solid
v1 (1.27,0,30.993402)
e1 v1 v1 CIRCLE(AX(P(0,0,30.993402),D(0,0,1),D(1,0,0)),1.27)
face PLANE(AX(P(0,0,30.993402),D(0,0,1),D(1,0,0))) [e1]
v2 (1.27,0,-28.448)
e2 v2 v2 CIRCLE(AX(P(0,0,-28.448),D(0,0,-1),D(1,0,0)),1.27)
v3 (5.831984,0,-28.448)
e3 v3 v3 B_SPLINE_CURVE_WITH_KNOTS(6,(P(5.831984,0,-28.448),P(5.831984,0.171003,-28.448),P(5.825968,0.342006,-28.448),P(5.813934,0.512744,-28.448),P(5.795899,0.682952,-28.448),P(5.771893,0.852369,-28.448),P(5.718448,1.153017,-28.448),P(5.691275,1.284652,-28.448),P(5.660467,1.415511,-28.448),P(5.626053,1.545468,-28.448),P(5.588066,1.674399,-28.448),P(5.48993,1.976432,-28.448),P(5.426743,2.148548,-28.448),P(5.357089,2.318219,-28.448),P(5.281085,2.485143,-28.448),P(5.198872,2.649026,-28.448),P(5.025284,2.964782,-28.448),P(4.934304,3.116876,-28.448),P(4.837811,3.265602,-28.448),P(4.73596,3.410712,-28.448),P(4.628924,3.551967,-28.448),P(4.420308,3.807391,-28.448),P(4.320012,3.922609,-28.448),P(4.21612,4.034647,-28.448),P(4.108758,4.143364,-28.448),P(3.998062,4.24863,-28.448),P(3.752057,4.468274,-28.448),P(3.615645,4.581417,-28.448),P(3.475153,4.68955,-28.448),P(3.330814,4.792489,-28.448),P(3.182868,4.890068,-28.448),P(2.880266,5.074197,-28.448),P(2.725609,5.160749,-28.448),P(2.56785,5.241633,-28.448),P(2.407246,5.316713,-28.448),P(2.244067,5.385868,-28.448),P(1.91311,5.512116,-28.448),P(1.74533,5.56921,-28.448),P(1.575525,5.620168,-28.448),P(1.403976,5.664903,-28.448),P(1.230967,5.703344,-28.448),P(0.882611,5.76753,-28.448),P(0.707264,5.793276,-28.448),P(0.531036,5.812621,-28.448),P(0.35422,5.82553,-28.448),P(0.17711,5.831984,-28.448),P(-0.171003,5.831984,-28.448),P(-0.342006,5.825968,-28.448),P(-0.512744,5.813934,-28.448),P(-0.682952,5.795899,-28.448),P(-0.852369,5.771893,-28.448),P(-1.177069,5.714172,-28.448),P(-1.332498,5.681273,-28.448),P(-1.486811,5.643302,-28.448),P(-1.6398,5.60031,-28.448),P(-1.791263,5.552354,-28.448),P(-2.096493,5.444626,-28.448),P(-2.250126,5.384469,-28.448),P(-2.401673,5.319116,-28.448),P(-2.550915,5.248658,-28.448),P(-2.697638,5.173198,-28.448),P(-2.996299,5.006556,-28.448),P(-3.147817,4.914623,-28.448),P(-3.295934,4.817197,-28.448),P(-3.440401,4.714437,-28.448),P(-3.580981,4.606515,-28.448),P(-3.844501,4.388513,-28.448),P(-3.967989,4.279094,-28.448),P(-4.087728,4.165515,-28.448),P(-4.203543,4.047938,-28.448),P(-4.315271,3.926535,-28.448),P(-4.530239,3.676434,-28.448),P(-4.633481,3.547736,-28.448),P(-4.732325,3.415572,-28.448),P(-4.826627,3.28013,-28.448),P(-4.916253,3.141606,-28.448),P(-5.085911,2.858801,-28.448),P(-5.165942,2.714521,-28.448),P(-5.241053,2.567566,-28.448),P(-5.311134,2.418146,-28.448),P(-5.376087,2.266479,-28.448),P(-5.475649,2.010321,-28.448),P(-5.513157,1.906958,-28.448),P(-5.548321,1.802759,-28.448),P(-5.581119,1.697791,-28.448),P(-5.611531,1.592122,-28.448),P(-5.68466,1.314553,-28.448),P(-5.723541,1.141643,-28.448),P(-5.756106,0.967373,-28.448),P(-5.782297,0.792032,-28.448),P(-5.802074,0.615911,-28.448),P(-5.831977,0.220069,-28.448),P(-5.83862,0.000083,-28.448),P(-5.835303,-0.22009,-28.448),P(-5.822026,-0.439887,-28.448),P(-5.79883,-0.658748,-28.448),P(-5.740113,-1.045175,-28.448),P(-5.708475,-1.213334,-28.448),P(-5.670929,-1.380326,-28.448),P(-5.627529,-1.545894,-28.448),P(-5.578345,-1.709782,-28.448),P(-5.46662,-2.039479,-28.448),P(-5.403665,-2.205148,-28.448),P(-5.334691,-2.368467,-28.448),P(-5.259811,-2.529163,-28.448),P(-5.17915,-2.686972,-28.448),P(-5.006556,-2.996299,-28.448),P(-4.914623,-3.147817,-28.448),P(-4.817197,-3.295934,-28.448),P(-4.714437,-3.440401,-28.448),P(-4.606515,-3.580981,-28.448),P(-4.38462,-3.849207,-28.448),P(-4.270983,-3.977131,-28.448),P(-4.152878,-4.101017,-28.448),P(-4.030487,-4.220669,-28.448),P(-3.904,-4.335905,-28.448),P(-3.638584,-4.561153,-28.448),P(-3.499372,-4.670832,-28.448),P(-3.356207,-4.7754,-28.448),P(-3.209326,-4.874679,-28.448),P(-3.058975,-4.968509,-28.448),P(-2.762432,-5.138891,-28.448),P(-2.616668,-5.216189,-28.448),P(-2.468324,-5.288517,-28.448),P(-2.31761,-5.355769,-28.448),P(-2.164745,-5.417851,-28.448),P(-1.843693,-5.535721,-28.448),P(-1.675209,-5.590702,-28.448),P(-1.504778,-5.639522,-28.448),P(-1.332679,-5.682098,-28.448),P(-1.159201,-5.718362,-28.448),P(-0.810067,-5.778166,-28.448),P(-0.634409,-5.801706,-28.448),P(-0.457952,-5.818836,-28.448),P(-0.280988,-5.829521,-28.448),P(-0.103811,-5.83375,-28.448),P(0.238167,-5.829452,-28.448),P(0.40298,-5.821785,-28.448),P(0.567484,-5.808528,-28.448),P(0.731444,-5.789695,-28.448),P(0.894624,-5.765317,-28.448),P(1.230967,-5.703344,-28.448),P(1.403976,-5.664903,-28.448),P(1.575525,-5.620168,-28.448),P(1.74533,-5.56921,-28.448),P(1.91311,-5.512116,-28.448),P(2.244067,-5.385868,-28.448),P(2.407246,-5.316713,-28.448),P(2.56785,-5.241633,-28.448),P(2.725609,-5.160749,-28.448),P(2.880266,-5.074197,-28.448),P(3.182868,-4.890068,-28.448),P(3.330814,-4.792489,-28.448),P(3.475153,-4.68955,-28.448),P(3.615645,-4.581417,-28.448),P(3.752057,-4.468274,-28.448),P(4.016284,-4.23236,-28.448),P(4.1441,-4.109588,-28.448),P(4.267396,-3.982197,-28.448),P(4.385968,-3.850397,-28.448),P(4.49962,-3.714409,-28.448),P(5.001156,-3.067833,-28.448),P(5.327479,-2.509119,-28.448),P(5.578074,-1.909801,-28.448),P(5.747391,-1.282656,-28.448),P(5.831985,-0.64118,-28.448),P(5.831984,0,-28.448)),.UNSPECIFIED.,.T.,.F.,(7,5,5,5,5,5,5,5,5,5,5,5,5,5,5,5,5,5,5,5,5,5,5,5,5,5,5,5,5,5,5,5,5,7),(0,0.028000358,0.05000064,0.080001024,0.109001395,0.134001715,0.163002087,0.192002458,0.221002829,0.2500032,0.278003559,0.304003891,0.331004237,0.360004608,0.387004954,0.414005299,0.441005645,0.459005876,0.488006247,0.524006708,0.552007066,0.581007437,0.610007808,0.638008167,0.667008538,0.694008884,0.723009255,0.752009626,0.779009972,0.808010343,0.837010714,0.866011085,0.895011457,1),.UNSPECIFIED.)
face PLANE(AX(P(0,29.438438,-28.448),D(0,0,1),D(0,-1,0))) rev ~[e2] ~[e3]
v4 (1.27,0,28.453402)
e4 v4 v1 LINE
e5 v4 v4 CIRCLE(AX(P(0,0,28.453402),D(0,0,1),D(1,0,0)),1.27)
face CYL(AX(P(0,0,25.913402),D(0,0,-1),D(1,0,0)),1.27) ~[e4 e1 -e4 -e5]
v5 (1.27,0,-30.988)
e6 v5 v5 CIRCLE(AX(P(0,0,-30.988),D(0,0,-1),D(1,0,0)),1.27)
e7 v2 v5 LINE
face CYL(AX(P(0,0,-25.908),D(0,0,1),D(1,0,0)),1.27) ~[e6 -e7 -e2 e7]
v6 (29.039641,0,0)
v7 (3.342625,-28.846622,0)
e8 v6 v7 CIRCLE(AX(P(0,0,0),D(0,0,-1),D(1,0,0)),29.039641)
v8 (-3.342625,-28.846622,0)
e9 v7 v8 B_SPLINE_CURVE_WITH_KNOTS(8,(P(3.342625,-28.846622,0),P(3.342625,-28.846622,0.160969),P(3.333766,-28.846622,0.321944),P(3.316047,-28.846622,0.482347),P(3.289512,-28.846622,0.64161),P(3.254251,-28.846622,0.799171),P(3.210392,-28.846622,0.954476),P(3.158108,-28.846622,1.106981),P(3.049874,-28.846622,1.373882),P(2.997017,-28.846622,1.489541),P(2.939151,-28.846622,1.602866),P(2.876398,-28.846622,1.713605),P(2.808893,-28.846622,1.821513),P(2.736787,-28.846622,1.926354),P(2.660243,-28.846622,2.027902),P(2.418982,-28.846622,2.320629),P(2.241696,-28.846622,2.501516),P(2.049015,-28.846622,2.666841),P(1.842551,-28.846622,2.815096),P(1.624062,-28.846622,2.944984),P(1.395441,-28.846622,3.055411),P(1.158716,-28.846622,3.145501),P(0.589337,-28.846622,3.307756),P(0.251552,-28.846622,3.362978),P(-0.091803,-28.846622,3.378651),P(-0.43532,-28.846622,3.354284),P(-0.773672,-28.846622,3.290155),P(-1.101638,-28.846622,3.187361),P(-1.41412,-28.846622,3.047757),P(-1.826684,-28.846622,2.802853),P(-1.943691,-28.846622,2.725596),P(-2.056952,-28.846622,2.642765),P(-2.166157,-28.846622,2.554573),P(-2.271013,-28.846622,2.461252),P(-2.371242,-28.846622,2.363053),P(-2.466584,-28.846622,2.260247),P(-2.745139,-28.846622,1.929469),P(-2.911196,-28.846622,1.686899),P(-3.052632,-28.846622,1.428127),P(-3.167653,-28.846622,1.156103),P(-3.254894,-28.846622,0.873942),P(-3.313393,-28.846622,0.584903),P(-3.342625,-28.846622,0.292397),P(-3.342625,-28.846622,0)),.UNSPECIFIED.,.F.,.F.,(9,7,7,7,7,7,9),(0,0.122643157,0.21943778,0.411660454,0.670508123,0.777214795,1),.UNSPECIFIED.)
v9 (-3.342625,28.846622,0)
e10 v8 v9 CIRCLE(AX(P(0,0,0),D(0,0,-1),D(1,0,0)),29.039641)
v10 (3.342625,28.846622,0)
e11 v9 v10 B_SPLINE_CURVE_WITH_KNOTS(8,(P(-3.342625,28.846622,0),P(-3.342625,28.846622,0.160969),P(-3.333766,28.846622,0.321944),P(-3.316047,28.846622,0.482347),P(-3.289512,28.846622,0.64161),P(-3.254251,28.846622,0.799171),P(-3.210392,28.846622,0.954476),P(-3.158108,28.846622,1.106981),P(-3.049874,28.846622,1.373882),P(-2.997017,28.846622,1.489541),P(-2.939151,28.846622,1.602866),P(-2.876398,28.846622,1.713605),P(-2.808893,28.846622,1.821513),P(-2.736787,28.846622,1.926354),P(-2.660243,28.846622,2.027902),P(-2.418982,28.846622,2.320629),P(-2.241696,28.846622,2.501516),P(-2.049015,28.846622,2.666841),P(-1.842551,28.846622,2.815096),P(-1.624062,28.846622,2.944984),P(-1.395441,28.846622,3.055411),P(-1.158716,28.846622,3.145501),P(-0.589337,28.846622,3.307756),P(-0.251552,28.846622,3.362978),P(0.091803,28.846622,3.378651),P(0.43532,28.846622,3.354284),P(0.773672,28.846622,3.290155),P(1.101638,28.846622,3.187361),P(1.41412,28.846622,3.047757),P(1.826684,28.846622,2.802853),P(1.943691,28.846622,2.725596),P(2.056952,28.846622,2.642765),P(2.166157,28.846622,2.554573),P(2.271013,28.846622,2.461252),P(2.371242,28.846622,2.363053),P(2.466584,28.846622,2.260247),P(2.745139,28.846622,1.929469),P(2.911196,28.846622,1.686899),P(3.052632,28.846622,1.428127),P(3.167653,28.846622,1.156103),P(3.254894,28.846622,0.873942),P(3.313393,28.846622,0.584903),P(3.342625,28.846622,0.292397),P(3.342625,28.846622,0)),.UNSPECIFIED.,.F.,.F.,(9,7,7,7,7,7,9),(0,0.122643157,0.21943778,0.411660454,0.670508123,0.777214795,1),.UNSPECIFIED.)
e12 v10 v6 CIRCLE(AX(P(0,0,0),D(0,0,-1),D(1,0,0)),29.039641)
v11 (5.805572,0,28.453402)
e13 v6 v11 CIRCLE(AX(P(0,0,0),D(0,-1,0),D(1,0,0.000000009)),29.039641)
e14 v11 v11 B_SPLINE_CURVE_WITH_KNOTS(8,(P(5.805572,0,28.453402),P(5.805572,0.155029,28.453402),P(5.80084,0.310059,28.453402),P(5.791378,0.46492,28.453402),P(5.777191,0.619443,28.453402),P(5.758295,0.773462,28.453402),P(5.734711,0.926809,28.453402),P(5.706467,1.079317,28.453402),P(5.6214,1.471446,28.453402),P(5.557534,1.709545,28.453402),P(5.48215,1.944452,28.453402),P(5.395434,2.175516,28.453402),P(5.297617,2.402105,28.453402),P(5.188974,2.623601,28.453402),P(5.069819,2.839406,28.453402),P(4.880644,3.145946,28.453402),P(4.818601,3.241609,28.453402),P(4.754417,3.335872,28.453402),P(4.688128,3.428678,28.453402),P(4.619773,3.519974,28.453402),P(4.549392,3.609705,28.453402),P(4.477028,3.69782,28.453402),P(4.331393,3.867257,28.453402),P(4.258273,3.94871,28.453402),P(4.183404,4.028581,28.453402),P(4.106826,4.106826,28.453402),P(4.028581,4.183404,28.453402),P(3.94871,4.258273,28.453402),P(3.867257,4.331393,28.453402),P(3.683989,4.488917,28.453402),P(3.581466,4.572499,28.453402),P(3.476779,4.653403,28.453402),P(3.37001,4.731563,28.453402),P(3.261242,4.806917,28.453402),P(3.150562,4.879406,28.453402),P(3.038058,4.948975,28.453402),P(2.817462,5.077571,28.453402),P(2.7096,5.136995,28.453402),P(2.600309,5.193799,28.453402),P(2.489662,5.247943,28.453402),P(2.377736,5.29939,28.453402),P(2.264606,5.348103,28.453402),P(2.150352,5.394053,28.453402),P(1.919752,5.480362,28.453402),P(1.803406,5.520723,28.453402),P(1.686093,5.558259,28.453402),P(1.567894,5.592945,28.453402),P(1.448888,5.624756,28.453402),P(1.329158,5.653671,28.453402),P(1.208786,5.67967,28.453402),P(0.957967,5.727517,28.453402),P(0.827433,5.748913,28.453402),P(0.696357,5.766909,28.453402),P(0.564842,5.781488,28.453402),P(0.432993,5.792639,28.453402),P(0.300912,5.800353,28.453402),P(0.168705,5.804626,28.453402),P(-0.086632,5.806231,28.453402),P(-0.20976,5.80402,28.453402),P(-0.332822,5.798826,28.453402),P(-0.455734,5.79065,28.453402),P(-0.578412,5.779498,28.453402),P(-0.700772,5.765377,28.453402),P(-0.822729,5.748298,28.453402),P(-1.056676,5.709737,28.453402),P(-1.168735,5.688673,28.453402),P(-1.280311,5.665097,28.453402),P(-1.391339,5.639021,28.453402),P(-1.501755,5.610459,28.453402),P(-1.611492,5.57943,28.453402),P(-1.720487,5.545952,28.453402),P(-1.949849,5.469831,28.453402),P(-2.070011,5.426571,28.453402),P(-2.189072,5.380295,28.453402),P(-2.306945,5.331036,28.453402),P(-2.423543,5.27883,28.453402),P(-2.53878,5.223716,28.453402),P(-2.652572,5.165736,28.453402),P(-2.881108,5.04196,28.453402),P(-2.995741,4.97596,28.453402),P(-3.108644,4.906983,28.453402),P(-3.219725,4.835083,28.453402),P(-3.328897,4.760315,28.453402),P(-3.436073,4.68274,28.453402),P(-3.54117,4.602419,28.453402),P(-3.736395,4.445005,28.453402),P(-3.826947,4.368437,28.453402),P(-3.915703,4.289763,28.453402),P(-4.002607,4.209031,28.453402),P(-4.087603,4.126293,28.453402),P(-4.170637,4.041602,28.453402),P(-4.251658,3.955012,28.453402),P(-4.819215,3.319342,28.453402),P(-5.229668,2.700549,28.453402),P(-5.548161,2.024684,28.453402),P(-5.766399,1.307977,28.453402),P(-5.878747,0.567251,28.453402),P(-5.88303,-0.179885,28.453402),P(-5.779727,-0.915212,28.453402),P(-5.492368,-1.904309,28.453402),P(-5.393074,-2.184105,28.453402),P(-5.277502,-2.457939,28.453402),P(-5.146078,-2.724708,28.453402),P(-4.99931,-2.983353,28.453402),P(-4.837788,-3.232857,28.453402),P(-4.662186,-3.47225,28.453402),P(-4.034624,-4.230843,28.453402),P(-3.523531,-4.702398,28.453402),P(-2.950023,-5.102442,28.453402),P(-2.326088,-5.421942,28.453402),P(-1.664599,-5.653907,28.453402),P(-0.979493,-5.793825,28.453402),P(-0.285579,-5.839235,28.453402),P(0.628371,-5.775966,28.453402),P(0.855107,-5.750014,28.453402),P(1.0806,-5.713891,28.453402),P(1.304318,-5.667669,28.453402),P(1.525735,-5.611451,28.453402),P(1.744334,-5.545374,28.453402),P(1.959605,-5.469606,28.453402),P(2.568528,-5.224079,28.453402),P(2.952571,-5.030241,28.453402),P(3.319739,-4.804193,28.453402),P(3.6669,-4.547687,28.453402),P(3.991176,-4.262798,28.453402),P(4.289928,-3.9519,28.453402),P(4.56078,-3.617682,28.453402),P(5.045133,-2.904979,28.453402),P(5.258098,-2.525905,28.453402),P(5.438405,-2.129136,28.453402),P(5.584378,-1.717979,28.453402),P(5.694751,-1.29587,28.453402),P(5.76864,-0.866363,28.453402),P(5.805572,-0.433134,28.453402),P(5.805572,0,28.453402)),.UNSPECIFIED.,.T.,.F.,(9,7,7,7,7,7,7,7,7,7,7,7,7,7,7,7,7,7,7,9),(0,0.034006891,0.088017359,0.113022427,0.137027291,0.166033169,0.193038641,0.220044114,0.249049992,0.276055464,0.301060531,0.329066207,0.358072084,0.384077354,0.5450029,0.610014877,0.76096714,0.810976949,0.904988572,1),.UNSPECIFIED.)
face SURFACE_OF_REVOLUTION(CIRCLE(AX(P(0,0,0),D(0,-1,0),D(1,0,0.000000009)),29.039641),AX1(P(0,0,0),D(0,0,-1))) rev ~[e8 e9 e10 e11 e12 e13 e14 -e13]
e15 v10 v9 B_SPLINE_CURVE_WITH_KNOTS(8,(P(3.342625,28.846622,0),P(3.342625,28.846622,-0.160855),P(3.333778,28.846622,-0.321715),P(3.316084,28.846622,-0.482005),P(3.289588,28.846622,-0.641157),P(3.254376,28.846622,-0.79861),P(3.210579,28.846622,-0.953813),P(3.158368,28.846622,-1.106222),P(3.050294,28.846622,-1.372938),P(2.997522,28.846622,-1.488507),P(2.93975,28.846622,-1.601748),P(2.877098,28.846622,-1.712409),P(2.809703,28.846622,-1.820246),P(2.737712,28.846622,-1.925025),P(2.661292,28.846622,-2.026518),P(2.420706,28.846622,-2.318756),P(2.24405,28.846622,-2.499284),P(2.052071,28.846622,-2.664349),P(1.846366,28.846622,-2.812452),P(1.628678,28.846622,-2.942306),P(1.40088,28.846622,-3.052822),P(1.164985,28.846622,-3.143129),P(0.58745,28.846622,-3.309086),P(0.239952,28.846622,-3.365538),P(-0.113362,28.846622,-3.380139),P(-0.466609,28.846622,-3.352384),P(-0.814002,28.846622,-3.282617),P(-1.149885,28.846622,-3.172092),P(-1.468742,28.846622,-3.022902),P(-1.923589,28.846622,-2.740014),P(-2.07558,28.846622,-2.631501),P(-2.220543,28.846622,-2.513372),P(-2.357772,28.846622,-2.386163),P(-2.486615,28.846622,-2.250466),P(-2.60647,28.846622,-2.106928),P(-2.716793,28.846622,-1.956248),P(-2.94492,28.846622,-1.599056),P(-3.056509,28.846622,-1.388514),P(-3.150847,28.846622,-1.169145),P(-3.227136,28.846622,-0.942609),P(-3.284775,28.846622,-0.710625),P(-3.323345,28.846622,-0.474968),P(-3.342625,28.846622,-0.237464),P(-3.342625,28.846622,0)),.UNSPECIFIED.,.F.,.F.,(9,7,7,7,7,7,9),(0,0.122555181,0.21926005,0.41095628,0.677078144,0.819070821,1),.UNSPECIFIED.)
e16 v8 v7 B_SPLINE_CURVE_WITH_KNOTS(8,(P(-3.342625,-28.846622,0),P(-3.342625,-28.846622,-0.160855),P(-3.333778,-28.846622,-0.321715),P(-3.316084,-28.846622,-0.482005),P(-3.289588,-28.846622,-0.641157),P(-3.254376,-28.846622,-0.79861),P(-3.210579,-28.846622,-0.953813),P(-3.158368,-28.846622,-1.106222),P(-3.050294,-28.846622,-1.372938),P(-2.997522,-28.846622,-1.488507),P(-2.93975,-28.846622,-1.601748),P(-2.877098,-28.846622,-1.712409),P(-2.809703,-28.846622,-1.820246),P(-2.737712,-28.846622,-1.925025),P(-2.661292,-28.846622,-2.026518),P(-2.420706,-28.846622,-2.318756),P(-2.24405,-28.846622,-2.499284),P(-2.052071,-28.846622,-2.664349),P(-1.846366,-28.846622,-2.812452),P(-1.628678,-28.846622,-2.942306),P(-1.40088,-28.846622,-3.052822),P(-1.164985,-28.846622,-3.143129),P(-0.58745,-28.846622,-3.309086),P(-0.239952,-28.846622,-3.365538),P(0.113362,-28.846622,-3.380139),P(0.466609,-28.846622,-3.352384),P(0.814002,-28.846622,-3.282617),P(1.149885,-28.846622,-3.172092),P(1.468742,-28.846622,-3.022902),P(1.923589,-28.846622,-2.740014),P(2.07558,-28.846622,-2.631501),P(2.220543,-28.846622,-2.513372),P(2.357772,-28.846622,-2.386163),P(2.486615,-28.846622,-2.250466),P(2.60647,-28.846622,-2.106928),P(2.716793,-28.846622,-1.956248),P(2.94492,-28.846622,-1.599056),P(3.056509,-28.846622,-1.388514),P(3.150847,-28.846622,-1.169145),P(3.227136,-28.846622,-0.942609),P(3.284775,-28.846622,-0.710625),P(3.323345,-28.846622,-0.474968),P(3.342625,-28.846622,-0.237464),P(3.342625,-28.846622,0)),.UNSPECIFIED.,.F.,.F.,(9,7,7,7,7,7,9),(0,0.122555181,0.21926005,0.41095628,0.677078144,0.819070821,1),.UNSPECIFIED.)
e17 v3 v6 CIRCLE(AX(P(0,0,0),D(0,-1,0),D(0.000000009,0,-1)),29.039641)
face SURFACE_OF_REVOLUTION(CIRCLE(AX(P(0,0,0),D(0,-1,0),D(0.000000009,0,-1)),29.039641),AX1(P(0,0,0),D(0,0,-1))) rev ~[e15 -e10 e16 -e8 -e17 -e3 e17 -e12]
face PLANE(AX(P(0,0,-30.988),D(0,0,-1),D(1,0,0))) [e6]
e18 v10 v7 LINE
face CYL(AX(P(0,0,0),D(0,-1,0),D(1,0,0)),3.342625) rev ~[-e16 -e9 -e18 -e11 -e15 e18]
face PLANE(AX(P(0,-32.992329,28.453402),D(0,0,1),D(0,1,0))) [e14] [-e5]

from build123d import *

# Parameters (mm, degrees)
F3_DEPTH  = 12.7
F4_R      = 1.27
F5_DEPTH  = 2.54
F6_R      = 1.27
F7_DEPTH  = 2.54
F5_FACE_R = 1.27
F8_DEPTH  = 5.08
F7_FACE_R = 1.27
F9_DEPTH  = 5.08
F10_R     = 3.342625
F11_DEPTH = 42.164


with BuildPart() as f1:
    # F0 (on Front) → F1 (revolve)
    with BuildSketch(Plane.XZ):
        with BuildLine():
            ThreePointArc((0, -29.039641), (20.534127, -20.534127), (29.039641, 0))
            ThreePointArc((29.039641, 0), (20.534127, 20.534127), (0, 29.039641))
            Line((0, 29.039641), (0, -29.039641))
        make_face()
    revolve(axis=Axis((0, 0, 0), (0, 0, -1)))

    # F2 (on Right) → F3 (cut, symmetric)
    with BuildSketch(Plane.YZ):
        Polygon((-32.992329, 28.453402), (0, 28.453402), (29.31824, 28.453402), (29.31824, 34.250099), (-32.992329, 34.250099), align=None)
        Polygon((29.438438, -28.448), (-32.842074, -28.448), (-32.842074, -37.691581), (29.31824, -37.691581), (29.31824, -29.660275), align=None)
    extrude(amount=F3_DEPTH, both=True, mode=Mode.SUBTRACT)

    # F4 (on face) → F5 (cut)
    with BuildSketch(Plane(origin=(0, 0, -28.448), x_dir=(1, 0, 0), z_dir=(0, 0, -1))):
        Circle(F4_R)
    extrude(amount=-F5_DEPTH, mode=Mode.SUBTRACT)

    # F6 (on face) → F7 (cut)
    with BuildSketch(Plane.XY.offset(28.453402)):
        Circle(F6_R)
    extrude(amount=-F7_DEPTH, mode=Mode.SUBTRACT)

    # F5_face (on face) → F8 (join)
    with BuildSketch(Plane(origin=(0, 0, -25.908), x_dir=(1, 0, 0), z_dir=(0, 0, -1))):
        Circle(F5_FACE_R)
    extrude(amount=F8_DEPTH)

    # F7_face (on face) → F9 (join)
    with BuildSketch(Plane.XY.offset(25.913402)):
        Circle(F7_FACE_R)
    extrude(amount=F9_DEPTH)

    # F10 (on Front) → F11 (cut, symmetric)
    with BuildSketch(Plane.XZ):
        Circle(F10_R)
    extrude(amount=F11_DEPTH, both=True, mode=Mode.SUBTRACT)


solid = f1.part
